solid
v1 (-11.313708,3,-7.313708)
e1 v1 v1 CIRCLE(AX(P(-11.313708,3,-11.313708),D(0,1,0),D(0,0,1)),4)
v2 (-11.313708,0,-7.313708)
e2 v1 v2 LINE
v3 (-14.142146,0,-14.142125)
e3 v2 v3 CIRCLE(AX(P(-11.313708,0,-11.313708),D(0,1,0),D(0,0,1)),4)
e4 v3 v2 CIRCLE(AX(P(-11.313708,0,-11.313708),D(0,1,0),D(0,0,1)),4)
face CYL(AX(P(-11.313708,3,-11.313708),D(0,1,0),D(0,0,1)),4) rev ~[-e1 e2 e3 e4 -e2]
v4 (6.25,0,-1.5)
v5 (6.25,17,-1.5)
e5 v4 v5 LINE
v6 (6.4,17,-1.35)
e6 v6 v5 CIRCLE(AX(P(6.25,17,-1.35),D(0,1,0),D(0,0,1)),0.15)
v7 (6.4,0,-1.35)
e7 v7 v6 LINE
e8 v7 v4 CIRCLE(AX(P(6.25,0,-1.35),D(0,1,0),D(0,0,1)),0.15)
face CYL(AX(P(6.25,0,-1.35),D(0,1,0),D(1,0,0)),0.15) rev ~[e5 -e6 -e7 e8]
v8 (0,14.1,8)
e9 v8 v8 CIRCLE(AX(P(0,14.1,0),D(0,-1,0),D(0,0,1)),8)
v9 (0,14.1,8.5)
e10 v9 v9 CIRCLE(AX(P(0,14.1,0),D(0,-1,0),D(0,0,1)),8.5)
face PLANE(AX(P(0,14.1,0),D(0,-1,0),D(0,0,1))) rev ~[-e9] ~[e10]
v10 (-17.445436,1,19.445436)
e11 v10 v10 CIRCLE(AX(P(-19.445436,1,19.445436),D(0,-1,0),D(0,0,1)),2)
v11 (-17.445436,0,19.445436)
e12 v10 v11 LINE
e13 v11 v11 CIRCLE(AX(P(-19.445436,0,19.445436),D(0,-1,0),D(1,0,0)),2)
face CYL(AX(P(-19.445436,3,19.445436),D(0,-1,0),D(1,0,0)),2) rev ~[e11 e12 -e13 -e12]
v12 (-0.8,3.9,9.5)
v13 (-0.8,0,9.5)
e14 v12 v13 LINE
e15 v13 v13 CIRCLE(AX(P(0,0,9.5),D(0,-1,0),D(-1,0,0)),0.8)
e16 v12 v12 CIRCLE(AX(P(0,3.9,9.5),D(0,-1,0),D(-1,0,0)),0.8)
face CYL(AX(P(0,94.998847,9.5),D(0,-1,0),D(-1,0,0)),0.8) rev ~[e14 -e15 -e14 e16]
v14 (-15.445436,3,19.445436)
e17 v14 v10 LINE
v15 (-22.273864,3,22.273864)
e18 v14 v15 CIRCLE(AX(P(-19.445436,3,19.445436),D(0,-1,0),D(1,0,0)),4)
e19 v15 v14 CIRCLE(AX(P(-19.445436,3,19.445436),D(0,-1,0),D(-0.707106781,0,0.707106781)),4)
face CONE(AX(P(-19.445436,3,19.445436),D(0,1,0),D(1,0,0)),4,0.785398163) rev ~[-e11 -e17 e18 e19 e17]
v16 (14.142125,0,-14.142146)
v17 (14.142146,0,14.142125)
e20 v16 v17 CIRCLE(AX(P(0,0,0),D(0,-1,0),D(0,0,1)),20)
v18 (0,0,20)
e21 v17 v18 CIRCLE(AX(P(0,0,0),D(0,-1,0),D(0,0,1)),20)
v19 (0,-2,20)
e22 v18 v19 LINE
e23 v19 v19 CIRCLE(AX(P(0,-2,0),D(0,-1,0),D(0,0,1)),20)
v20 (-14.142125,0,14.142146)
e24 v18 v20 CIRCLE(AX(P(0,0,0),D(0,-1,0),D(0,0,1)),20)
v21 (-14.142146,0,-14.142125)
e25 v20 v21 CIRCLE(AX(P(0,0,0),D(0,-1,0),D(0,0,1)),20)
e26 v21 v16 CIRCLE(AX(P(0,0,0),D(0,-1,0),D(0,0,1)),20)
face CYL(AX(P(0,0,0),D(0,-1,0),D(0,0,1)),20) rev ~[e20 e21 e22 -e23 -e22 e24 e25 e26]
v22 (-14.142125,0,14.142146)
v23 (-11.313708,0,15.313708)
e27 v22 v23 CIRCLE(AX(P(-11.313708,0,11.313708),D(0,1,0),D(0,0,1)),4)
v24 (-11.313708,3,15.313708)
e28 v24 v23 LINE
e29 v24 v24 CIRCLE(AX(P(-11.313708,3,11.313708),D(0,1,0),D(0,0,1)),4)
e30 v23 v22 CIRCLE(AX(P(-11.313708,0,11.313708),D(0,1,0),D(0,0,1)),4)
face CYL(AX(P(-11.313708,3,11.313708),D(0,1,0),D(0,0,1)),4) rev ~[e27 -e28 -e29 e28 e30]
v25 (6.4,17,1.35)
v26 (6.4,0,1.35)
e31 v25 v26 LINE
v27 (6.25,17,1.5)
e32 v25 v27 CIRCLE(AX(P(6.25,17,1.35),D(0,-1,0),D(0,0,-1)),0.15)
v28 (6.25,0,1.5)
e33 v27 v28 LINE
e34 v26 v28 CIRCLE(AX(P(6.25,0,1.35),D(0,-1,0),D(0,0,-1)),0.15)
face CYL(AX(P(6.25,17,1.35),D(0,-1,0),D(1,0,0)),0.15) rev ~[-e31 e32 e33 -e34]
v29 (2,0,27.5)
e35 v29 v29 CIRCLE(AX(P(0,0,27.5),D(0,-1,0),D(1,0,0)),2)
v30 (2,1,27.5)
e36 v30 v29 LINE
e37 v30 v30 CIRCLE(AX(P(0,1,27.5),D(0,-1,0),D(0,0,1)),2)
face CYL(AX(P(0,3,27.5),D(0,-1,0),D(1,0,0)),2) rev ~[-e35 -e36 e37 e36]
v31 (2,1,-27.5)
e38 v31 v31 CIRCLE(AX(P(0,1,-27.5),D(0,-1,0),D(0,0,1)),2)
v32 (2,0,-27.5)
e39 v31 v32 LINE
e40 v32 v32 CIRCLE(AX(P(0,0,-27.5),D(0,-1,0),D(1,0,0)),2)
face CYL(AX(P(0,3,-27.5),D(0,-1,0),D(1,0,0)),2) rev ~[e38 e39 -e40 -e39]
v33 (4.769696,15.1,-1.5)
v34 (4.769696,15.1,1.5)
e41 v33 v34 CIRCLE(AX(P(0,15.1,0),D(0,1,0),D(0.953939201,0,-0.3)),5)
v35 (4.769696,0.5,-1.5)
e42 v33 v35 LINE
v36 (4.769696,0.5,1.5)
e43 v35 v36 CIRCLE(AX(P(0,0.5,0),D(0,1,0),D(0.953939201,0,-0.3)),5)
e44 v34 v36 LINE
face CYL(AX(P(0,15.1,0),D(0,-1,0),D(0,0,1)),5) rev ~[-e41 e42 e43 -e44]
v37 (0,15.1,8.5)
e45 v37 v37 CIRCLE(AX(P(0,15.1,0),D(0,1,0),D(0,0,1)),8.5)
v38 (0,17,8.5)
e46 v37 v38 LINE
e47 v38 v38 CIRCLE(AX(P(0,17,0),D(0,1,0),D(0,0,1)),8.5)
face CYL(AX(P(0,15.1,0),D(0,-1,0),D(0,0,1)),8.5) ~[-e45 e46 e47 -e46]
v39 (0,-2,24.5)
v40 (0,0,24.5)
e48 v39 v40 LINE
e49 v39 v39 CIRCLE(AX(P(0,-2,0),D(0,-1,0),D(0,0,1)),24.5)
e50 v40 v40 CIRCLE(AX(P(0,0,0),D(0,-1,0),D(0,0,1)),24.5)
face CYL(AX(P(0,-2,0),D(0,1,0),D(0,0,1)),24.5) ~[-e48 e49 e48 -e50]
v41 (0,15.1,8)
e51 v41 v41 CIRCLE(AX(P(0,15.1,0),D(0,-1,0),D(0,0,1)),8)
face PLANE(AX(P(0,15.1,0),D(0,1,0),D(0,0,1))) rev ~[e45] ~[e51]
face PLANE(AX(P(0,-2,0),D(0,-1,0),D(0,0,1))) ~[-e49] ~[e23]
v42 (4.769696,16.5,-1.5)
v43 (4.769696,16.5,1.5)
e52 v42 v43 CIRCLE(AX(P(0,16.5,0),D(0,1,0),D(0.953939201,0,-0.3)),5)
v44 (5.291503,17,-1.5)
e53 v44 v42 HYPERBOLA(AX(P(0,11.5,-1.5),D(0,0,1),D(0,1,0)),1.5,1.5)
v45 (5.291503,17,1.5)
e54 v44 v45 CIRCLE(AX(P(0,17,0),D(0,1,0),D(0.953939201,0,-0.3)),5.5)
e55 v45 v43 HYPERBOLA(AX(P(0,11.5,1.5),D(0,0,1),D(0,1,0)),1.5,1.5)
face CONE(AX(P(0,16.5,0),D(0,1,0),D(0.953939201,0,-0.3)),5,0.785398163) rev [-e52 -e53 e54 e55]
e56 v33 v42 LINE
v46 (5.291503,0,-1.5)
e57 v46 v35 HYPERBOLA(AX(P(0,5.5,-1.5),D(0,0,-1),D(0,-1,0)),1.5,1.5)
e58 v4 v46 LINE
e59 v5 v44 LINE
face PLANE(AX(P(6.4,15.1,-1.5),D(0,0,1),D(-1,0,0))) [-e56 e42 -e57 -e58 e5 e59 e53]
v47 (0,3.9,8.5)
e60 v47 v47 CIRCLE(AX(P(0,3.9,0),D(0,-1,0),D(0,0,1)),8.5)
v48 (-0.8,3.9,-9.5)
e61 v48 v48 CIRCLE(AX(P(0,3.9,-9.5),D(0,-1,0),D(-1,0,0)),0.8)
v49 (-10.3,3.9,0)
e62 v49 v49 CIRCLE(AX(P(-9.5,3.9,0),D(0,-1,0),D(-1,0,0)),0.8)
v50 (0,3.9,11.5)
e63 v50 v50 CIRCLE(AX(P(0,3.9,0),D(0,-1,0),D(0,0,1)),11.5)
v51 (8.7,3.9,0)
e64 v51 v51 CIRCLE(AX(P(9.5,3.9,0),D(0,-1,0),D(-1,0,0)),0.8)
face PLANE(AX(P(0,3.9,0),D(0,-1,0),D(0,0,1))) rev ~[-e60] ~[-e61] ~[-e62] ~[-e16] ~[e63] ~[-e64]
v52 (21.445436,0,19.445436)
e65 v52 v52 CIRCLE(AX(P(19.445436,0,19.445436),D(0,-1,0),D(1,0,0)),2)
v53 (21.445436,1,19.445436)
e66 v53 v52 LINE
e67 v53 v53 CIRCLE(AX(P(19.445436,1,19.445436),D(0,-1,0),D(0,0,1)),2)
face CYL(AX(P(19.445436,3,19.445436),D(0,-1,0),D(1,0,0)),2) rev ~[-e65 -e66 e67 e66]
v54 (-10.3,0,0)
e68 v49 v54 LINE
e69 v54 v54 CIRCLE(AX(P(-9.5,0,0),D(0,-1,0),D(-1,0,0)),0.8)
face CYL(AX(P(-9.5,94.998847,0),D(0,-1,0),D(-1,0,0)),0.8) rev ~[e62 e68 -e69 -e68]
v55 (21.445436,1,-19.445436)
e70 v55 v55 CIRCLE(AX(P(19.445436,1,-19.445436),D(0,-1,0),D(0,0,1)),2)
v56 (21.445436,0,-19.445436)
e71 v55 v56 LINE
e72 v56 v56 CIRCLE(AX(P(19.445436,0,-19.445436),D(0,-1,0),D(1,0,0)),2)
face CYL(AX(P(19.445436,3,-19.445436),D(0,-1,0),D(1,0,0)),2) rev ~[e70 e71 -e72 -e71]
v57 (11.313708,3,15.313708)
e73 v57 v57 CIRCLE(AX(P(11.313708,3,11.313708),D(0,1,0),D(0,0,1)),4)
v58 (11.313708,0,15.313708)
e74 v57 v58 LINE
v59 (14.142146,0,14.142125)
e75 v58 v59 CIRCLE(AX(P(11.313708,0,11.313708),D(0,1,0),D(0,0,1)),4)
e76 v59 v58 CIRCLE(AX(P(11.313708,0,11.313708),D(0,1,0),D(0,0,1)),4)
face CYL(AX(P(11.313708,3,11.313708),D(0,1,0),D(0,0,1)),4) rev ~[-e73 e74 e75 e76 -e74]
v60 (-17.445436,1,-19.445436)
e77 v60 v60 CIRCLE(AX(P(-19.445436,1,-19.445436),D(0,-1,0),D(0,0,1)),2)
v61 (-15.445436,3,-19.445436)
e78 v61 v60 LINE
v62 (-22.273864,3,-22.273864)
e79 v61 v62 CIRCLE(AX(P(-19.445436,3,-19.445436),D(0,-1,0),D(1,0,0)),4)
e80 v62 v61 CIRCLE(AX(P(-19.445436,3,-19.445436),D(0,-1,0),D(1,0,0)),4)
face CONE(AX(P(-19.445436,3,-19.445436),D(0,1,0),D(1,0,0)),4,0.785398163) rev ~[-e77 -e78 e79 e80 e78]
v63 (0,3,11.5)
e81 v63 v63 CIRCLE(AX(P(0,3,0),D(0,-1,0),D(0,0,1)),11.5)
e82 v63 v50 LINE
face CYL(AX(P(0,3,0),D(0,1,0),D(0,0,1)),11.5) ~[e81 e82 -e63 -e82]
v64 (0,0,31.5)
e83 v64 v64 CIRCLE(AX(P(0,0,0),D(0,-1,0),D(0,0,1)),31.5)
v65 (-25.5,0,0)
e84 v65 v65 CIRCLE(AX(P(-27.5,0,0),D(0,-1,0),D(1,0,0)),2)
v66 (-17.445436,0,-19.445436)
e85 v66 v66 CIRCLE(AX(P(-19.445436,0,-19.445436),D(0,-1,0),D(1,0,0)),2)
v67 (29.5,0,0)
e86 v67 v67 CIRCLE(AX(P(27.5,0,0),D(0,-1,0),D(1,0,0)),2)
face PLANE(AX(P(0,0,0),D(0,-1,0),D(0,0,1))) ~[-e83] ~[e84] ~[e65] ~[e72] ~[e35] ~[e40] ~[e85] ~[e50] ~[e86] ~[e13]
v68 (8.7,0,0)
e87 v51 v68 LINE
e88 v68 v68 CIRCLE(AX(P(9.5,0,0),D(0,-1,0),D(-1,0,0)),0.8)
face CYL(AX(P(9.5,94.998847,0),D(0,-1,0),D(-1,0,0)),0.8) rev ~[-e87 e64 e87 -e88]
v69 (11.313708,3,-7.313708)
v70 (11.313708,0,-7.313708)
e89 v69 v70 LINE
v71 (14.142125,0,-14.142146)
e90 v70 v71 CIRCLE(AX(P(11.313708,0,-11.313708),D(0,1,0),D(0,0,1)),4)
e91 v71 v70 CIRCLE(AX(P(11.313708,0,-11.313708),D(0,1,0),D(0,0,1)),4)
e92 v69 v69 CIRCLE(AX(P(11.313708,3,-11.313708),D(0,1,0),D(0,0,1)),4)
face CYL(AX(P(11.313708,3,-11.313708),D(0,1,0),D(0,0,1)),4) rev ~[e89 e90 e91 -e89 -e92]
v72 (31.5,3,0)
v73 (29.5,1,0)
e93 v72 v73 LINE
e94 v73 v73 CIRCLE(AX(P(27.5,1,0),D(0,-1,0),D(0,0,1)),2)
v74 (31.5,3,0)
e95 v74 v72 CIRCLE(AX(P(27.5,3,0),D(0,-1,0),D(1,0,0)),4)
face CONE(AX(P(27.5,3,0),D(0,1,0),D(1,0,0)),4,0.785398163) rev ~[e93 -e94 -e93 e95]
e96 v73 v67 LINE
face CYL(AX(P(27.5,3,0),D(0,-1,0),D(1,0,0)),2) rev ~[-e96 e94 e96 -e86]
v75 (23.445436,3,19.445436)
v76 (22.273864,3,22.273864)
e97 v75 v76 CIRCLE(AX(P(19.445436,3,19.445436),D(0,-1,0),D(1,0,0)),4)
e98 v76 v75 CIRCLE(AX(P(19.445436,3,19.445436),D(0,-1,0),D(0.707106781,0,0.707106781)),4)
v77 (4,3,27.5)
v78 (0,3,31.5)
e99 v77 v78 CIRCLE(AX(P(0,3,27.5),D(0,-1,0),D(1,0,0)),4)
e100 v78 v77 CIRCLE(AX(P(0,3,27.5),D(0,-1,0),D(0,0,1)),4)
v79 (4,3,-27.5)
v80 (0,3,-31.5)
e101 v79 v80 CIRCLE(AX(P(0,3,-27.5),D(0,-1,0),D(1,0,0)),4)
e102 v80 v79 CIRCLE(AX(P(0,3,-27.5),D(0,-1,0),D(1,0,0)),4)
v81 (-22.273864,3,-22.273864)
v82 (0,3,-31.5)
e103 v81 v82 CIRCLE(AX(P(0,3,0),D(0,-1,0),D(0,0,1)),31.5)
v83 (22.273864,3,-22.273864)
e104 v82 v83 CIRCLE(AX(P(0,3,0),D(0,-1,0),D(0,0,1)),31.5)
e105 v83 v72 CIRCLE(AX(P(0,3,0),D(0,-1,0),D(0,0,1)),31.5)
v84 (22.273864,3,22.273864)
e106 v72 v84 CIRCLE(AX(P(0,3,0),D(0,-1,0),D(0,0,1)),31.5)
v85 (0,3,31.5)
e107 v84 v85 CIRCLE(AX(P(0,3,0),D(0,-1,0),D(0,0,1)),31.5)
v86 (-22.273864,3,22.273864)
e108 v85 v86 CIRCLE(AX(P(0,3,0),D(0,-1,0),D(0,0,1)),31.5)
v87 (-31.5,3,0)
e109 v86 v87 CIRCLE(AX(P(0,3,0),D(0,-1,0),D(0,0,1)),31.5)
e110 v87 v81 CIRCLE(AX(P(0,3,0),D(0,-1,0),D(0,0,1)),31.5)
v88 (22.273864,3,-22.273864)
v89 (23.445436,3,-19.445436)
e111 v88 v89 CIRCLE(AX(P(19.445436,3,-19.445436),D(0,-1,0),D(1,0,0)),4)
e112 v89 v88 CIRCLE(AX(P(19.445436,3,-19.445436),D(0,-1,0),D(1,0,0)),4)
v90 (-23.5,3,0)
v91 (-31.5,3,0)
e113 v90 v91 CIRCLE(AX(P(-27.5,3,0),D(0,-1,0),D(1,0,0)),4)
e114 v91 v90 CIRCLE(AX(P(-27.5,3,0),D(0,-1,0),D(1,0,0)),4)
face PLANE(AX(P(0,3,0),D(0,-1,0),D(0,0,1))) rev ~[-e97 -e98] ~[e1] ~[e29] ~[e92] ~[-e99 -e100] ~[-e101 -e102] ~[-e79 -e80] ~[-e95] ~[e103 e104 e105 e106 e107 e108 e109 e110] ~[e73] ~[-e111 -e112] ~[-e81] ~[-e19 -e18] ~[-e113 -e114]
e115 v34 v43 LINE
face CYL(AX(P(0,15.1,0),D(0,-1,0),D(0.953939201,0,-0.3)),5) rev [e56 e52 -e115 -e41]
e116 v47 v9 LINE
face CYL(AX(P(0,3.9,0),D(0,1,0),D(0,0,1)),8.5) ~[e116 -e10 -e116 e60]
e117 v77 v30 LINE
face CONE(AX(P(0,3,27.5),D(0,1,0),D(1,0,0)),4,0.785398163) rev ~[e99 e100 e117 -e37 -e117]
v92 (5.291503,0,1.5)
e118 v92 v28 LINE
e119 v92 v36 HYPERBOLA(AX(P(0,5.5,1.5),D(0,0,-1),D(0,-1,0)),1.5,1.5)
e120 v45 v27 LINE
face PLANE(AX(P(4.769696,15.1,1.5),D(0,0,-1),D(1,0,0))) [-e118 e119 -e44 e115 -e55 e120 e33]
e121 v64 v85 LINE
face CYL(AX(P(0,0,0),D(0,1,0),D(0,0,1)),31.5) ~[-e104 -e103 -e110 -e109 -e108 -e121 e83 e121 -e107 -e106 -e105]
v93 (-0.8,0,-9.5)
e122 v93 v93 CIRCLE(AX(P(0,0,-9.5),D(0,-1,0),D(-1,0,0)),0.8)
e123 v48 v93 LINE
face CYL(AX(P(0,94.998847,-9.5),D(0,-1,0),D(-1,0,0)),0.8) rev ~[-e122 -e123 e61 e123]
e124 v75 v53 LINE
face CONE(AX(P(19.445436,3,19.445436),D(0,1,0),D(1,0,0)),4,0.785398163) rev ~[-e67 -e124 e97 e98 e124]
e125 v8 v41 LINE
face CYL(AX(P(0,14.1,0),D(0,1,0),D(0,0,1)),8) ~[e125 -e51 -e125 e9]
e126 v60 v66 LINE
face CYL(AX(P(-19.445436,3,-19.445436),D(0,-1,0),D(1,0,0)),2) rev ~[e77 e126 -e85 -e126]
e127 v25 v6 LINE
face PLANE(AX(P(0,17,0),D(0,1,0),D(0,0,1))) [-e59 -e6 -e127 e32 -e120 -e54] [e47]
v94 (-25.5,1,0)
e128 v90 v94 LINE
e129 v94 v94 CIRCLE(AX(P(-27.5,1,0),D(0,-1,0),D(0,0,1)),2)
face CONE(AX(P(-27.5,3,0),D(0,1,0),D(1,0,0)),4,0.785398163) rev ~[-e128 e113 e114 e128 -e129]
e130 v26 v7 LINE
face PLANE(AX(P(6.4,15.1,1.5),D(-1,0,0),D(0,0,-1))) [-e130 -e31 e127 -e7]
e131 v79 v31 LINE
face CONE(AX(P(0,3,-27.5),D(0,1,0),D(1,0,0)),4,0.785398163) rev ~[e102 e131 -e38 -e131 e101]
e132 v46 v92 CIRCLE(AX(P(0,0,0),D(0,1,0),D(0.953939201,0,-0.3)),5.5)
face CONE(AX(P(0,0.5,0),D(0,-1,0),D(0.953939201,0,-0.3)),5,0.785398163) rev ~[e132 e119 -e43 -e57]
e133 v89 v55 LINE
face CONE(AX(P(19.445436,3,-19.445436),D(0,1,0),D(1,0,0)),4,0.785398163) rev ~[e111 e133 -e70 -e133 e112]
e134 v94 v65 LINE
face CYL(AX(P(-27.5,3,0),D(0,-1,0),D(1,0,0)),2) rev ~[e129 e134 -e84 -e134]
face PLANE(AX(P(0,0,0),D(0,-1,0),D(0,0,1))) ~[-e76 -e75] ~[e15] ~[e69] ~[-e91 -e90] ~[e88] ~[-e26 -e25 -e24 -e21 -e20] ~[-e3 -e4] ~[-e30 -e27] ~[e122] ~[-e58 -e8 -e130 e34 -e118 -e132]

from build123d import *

# Parameters (mm, degrees)
HOLE_WIZARD_1_D           = 4
HOLE_WIZARD_1_CSINK_D     = 8
HOLE_WIZARD_1_CSINK_ANGLE = 90
CUT_EXTRUDE_1_DEPTH       = 48.716978111
SKETCH_12_R               = 8.5
EXTRUDE_1_DEPTH           = 1.9
FILLET_2_R                = 0.15
CHAMFER_3_SIZE            = 0.5
HOLE_WIZARD_M2_1_D        = 1.6
SKETCH_11_R               = 4
CUT_EXTRUDE_2_DEPTH       = 47.695824224


with BuildPart() as part:
    # 草图1 → 旋转1 (revolve)
    with BuildSketch(Plane.XY, mode=Mode.PRIVATE) as revolve_1_sk:
        Polygon((24.5, 0), (31.5, 0), (31.5, 3), (11.5, 3), (11.5, 3.9), (8.5, 3.9), (8.5, 14.1), (8, 14.1), (8, 15.1), (5, 15.1), (5, 0), (20, 0), (20, -2), (24.5, -2), align=None)
    revolve(revolve_1_sk.sketch.rotate(Axis((0, 57.09591982, 0), (0, -1, 0)), 90), axis=Axis((0, 57.09591982, 0), (0, -1, 0)))

    # 打孔尺寸(%根据十字)槽半沉头木螺钉的类型1 (through all)
    with Locations(Plane(origin=(0, 3, 0), x_dir=(-1, 0, 0), z_dir=(0, 1, 0))):
        with Locations((0, 27.5), (-19.445436483, -19.445436483), (-27.5, 0), (-19.445436483, 19.445436483), (0, -27.5), (19.445436483, -19.445436483), (27.5, 0), (19.445436483, 19.445436483)):
            CounterSinkHole(HOLE_WIZARD_1_D / 2, HOLE_WIZARD_1_CSINK_D / 2, counter_sink_angle=HOLE_WIZARD_1_CSINK_ANGLE)

    # 草图7 → 切除-拉伸1 (cut, through all)
    with BuildSketch(Plane(origin=(0, 15.1, 0), x_dir=(1, 0, 0), z_dir=(0, 1, 0))):
        with BuildLine():
            Line((6.4, -1.5), (6.4, 1.5))
            Line((6.4, 1.5), (4.769696007, 1.5))
            ThreePointArc((4.769696007, 1.5), (5, 0), (4.769696007, -1.5))
            Line((4.769696007, -1.5), (6.4, -1.5))
        make_face()
    extrude(amount=-CUT_EXTRUDE_1_DEPTH, mode=Mode.SUBTRACT)

    # 草图12 → 凸台-拉伸1 (add)
    with BuildSketch(Plane(origin=(0, 15.1, 0), x_dir=(1, 0, 0), z_dir=(0, 1, 0))):
        with Locations(Location((0, 0, 0), (0, 0, 270))):
            Circle(SKETCH_12_R)
        with BuildLine():
            Line((6.4, 1.5), (4.769696007, 1.5))
            ThreePointArc((4.769696007, 1.5), (-5, 0), (4.769696007, -1.5))
            Line((4.769696007, -1.5), (6.4, -1.5))
            Line((6.4, -1.5), (6.4, 1.5))
        make_face(mode=Mode.SUBTRACT)
    extrude(amount=EXTRUDE_1_DEPTH)

    # 圆角2
    fillet_2_edges = [part.edges().sort_by_distance(p)[0] for p in [
        (6.4, 7.55, -1.5),
        (6.4, 7.55, 1.5),
    ]]
    fillet(fillet_2_edges, radius=FILLET_2_R)

    # 倒角3
    chamfer_3_edges = [part.edges().sort_by_distance(p)[0] for p in [
        (-5, 17, 0),
        (-5, 0, 0),
    ]]
    chamfer(chamfer_3_edges, length=CHAMFER_3_SIZE)

    # M2 螺纹孔1 (through all)
    with Locations(Plane(origin=(0, 3.9, 0), x_dir=(1, 0, 0), z_dir=(0, 1, 0))):
        with Locations((9.5, 0), (0, -9.5), (0, 9.5), (-9.5, 0)):
            Hole(HOLE_WIZARD_M2_1_D / 2)

    # 草图11 → 切除-拉伸2 (cut, through all)
    with BuildSketch(Plane(origin=(0, 3, 0), x_dir=(1, 0, 0), z_dir=(0, 1, 0))):
        with Locations(Location((11.313708499, 11.313708499, 0), (0, 0, 270))):
            Circle(SKETCH_11_R)
        with Locations(Location((11.313708499, -11.313708499, 0), (0, 0, 270))):
            Circle(SKETCH_11_R)
        with Locations(Location((-11.313708499, -11.313708499, 0), (0, 0, 270))):
            Circle(SKETCH_11_R)
        with Locations(Location((-11.313708499, 11.313708499, 0), (0, 0, 270))):
            Circle(SKETCH_11_R)
    extrude(amount=-CUT_EXTRUDE_2_DEPTH, mode=Mode.SUBTRACT)


solid = part.part
